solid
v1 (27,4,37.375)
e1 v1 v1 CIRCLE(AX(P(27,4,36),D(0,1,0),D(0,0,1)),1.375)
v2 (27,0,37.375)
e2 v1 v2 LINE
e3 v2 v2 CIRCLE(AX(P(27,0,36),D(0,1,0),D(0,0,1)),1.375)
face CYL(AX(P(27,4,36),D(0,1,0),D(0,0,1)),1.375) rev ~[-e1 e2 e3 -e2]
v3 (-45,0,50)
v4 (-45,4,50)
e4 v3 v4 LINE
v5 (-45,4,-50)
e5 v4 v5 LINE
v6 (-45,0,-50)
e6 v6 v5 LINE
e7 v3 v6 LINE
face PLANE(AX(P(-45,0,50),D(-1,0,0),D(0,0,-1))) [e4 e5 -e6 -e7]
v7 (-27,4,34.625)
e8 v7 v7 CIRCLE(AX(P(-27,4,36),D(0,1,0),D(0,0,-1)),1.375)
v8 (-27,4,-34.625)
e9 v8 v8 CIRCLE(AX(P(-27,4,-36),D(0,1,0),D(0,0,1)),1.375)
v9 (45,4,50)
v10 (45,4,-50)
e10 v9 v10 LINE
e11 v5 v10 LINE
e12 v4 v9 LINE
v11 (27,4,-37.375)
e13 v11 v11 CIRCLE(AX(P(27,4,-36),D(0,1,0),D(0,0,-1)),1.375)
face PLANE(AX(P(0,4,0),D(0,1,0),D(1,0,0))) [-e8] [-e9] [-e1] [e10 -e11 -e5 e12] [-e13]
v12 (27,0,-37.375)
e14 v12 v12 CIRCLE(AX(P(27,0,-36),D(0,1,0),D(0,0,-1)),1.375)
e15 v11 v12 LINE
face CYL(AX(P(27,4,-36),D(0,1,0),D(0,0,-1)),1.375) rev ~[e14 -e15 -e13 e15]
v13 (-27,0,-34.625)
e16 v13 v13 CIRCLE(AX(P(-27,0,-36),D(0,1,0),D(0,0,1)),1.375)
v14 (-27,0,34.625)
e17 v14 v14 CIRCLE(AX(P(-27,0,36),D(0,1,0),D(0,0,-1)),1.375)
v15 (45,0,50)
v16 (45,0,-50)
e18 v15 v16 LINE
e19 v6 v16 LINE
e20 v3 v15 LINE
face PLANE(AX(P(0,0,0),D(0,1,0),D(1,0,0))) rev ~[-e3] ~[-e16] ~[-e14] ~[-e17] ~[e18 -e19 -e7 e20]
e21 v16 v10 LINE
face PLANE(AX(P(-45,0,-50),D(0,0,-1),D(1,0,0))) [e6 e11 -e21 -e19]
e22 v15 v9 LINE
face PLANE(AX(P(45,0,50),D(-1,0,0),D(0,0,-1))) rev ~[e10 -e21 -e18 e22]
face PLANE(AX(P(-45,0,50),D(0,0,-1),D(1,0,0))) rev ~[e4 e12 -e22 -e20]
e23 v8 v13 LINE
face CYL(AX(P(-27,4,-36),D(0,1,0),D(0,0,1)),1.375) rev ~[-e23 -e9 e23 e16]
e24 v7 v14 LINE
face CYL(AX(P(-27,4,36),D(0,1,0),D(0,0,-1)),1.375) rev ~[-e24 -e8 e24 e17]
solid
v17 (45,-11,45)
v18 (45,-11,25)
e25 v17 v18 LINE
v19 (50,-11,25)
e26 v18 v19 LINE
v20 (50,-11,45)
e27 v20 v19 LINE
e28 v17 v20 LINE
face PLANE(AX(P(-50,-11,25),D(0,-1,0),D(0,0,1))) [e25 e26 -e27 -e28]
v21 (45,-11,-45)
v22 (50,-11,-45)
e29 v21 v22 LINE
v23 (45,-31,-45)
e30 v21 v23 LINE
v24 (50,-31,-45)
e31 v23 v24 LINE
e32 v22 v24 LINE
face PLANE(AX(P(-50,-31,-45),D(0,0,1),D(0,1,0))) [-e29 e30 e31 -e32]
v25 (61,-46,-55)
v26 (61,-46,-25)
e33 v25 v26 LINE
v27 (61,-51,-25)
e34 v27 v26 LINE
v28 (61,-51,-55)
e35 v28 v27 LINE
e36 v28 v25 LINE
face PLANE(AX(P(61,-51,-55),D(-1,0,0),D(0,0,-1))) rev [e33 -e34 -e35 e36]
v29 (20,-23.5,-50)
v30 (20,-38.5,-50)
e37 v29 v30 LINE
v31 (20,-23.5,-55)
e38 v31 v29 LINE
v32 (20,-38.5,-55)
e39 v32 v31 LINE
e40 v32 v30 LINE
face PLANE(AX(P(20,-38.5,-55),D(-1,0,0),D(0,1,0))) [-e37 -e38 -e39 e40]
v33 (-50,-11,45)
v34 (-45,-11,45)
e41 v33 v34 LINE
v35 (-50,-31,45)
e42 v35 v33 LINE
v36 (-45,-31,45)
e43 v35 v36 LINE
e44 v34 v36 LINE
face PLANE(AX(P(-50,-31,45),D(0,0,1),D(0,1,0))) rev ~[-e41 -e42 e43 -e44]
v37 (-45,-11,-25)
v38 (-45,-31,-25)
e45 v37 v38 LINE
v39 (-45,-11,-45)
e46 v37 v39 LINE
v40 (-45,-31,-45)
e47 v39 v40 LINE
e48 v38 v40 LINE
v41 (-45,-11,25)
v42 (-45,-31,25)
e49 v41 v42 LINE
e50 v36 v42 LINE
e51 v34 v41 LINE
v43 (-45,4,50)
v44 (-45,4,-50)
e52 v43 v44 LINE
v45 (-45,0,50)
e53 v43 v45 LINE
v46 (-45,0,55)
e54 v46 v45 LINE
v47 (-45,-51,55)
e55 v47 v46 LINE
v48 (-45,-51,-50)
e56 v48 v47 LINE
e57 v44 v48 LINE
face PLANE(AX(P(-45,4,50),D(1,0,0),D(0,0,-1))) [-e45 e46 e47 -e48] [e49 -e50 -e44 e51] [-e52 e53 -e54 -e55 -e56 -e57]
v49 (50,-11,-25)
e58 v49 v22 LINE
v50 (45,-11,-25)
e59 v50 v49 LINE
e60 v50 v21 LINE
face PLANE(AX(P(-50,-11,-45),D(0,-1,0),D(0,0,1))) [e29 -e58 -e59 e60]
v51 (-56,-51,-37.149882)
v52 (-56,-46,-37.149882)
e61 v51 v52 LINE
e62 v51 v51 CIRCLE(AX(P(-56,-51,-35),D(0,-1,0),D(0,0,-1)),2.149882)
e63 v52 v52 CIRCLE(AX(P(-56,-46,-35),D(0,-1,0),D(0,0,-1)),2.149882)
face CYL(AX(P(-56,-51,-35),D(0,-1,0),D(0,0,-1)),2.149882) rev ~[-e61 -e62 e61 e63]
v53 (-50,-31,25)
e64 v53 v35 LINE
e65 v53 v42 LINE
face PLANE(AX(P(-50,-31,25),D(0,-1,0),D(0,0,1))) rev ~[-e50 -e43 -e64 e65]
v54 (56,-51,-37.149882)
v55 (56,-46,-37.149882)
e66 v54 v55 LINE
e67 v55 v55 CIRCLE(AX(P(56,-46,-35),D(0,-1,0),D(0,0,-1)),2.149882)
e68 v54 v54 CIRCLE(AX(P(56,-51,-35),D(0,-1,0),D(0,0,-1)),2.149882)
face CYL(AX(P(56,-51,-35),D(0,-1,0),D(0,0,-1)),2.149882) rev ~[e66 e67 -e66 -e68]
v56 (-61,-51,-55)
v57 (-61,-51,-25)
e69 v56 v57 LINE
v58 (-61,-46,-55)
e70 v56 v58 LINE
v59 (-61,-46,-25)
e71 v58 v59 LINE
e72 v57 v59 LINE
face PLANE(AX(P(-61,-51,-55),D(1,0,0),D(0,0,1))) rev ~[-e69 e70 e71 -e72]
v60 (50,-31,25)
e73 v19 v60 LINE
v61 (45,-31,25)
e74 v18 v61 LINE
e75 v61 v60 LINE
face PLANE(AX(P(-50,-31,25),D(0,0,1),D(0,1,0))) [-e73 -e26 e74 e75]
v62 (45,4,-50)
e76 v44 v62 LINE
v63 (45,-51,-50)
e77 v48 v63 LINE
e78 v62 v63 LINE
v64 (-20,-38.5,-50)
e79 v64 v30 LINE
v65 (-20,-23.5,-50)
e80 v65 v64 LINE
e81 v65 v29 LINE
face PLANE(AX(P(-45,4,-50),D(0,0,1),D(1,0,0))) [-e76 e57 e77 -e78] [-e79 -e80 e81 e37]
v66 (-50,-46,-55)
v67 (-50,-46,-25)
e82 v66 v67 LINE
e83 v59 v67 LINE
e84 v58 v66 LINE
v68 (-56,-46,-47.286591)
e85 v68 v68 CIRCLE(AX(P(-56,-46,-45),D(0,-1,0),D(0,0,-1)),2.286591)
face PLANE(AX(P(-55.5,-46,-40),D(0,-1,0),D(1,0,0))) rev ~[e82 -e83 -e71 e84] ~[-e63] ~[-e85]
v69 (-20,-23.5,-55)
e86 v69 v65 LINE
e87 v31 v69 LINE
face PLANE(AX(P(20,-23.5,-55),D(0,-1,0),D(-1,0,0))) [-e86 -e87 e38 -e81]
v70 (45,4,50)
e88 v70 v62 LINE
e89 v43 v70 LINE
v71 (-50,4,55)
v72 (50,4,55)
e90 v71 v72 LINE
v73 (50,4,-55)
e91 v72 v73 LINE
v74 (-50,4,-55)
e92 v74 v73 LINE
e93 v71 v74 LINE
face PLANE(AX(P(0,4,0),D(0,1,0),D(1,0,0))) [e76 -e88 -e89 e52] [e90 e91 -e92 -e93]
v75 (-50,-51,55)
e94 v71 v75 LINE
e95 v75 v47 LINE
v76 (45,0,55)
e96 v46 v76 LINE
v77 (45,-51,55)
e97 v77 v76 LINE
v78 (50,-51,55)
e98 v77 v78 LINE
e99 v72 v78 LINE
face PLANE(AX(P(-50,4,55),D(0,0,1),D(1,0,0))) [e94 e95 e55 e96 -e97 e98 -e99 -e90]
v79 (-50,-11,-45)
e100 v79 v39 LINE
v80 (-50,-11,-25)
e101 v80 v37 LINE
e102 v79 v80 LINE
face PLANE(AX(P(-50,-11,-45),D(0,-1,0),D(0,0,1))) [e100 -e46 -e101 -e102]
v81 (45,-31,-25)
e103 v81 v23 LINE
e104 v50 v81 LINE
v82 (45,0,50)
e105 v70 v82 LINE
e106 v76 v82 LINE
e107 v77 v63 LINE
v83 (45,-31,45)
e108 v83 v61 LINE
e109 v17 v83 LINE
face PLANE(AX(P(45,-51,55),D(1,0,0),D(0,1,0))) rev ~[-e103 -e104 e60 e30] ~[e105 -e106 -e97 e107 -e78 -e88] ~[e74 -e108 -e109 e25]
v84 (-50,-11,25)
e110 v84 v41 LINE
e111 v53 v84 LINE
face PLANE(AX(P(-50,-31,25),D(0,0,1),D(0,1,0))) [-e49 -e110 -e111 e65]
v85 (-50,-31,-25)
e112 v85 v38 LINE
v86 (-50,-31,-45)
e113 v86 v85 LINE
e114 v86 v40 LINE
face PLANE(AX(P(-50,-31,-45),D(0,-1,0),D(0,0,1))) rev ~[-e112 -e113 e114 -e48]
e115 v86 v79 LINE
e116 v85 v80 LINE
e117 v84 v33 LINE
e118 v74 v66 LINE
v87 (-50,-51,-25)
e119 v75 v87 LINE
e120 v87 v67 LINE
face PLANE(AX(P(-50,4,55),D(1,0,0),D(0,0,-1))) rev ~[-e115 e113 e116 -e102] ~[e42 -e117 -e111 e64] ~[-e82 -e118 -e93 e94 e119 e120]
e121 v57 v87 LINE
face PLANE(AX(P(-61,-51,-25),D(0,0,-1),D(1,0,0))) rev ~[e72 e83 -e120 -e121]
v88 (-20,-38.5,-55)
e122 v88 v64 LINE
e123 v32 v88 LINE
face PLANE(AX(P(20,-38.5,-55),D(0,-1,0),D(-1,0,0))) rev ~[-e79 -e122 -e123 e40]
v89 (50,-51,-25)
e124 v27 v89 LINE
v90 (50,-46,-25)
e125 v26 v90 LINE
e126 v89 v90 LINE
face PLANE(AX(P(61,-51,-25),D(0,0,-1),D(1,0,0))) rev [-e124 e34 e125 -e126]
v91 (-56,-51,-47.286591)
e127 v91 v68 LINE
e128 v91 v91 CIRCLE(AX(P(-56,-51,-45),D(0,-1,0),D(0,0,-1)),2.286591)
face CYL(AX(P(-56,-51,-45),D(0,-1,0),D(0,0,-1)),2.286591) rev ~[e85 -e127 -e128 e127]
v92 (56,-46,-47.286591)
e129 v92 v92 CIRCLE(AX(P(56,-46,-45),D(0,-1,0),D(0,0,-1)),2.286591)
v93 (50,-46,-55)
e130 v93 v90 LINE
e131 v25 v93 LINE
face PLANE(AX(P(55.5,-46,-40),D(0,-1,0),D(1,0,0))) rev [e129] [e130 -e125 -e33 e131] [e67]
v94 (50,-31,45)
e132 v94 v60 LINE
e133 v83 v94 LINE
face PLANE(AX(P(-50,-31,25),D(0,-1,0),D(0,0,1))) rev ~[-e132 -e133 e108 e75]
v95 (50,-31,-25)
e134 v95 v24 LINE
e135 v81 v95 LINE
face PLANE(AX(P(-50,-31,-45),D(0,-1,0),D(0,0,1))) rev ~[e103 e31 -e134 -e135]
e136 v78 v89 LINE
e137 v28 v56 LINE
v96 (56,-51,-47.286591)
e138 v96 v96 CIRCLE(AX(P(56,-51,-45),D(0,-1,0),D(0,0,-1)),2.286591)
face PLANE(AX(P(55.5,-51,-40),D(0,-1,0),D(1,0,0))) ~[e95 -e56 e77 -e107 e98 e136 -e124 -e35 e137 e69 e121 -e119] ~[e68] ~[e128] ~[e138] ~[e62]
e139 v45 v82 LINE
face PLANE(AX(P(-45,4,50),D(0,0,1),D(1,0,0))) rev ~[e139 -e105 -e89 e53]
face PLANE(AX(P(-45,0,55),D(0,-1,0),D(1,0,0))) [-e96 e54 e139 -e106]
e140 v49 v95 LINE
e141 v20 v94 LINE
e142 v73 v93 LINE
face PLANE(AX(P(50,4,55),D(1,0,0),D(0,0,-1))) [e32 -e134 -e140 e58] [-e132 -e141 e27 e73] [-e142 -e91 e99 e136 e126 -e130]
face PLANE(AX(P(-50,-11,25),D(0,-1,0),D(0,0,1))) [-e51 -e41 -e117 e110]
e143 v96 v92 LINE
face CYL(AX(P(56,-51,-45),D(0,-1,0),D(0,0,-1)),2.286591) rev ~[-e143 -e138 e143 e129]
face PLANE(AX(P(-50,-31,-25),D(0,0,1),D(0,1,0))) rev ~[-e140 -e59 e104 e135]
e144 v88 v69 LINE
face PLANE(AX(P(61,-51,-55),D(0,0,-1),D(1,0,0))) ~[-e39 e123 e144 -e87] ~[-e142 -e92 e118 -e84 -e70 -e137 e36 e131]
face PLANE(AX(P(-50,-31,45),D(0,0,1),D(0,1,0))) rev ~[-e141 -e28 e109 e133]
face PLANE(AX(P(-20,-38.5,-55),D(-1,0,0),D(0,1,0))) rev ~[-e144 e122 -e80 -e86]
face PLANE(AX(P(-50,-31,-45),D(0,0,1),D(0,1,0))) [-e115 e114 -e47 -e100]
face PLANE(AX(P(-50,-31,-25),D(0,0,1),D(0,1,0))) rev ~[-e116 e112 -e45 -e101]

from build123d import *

# Parameters (mm, degrees)
SKETCH1_W           = 90
SKETCH1_H           = 100
BOSS_EXTRUDE1_DEPTH = 4
SKETCH2_R           = 1.375
CUT_EXTRUDE1_DEPTH  = 4
SKETCH3_W           = 100
SKETCH3_H           = 110
SKETCH3_W_2         = 90
SKETCH3_H_2         = 100
BOSS_EXTRUDE2_DEPTH = 55
SKETCH4_W           = 11
SKETCH4_H           = 30
BOSS_EXTRUDE3_DEPTH = 5
SKETCH5_R           = 2.286590725
SKETCH5_R_2         = 2.149881735
CUT_EXTRUDE2_DEPTH  = 99.848368727
SKETCH6_W           = 90
SKETCH6_H           = 51
CUT_EXTRUDE3_DEPTH  = 10
SKETCH7_W           = 20
SKETCH7_H           = 20
CUT_EXTRUDE4_DEPTH  = 134.966413701
SKETCH8_W           = 40
SKETCH8_H           = 15
CUT_EXTRUDE5_DEPTH  = 136.727668513


with BuildPart() as part:
    # Sketch1 → Boss-Extrude1 (new body)
    with BuildSketch(Plane(origin=(0, 0, 0), x_dir=(1, 0, 0), z_dir=(0, 1, 0))):
        Rectangle(SKETCH1_W, SKETCH1_H)
    extrude(amount=BOSS_EXTRUDE1_DEPTH)

    # Sketch2 → Cut-Extrude1 (cut)
    with BuildSketch(Plane(origin=(0, 4, 0), x_dir=(1, 0, 0), z_dir=(0, 1, 0))):
        with Locations(Location((-27, 36, 0), (0, 0, 270))):
            Circle(SKETCH2_R)
        with Locations(Location((27, 36, 0), (0, 0, 90))):
            Circle(SKETCH2_R)
        with Locations(Location((27, -36, 0), (0, 0, 270))):
            Circle(SKETCH2_R)
        with Locations(Location((-27, -36, 0), (0, 0, 90))):
            Circle(SKETCH2_R)
    extrude(amount=-CUT_EXTRUDE1_DEPTH, mode=Mode.SUBTRACT)


with BuildPart() as body_2:
    # Sketch3 → Boss-Extrude2 (new body)
    with BuildSketch(Plane(origin=(0, 4, 0), x_dir=(1, 0, 0), z_dir=(0, 1, 0))):
        Rectangle(SKETCH3_W, SKETCH3_H)
        Rectangle(SKETCH3_W_2, SKETCH3_H_2, mode=Mode.SUBTRACT)
    extrude(amount=-BOSS_EXTRUDE2_DEPTH)

    # Sketch4 → Boss-Extrude3 (add)
    with BuildSketch(Plane.XZ.offset(51)):
        with Locations((-55.5, -40)):
            Rectangle(SKETCH4_W, SKETCH4_H)
    boss_extrude3 = extrude(amount=-BOSS_EXTRUDE3_DEPTH)

    # Mirror1: Boss-Extrude3 across plane
    add(boss_extrude3.mirror(Plane(origin=(0, 0, 0), x_dir=(0, 0, 1), z_dir=(1, 0, 0))))

    # Sketch5 → Cut-Extrude2 (cut, through all)
    with BuildSketch(Plane.XZ.offset(51)):
        with Locations(Location((-56, -45, 0), (0, 0, 270))):
            Circle(SKETCH5_R)
        with Locations(Location((-56, -35, 0), (0, 0, 270))):
            Circle(SKETCH5_R_2)
        with Locations(Location((56, -45, 0), (0, 0, 270))):
            Circle(SKETCH5_R)
        with Locations(Location((56, -35, 0), (0, 0, 270))):
            Circle(SKETCH5_R_2)
    extrude(amount=-CUT_EXTRUDE2_DEPTH, mode=Mode.SUBTRACT)

    # Sketch6 → Cut-Extrude3 (cut)
    with BuildSketch(Plane.XY.offset(55)):
        with Locations((0, -25.5)):
            Rectangle(SKETCH6_W, SKETCH6_H)
    extrude(amount=-CUT_EXTRUDE3_DEPTH, mode=Mode.SUBTRACT)

    # Sketch7 → Cut-Extrude4 (cut, through all)
    with BuildSketch(Plane.ZY.offset(50)):
        with Locations((-35, -21)):
            Rectangle(SKETCH7_W, SKETCH7_H)
        with Locations((35, -21)):
            Rectangle(SKETCH7_W, SKETCH7_H)
    extrude(amount=-CUT_EXTRUDE4_DEPTH, mode=Mode.SUBTRACT)

    # Sketch8 → Cut-Extrude5 (cut, through all)
    with BuildSketch(Plane(origin=(0, 0, -55), x_dir=(-1, 0, 0), z_dir=(0, 0, -1))):
        with Locations((0, -31)):
            Rectangle(SKETCH8_W, SKETCH8_H)
    extrude(amount=-CUT_EXTRUDE5_DEPTH, mode=Mode.SUBTRACT)


solid = Compound([part.part, body_2.part])
